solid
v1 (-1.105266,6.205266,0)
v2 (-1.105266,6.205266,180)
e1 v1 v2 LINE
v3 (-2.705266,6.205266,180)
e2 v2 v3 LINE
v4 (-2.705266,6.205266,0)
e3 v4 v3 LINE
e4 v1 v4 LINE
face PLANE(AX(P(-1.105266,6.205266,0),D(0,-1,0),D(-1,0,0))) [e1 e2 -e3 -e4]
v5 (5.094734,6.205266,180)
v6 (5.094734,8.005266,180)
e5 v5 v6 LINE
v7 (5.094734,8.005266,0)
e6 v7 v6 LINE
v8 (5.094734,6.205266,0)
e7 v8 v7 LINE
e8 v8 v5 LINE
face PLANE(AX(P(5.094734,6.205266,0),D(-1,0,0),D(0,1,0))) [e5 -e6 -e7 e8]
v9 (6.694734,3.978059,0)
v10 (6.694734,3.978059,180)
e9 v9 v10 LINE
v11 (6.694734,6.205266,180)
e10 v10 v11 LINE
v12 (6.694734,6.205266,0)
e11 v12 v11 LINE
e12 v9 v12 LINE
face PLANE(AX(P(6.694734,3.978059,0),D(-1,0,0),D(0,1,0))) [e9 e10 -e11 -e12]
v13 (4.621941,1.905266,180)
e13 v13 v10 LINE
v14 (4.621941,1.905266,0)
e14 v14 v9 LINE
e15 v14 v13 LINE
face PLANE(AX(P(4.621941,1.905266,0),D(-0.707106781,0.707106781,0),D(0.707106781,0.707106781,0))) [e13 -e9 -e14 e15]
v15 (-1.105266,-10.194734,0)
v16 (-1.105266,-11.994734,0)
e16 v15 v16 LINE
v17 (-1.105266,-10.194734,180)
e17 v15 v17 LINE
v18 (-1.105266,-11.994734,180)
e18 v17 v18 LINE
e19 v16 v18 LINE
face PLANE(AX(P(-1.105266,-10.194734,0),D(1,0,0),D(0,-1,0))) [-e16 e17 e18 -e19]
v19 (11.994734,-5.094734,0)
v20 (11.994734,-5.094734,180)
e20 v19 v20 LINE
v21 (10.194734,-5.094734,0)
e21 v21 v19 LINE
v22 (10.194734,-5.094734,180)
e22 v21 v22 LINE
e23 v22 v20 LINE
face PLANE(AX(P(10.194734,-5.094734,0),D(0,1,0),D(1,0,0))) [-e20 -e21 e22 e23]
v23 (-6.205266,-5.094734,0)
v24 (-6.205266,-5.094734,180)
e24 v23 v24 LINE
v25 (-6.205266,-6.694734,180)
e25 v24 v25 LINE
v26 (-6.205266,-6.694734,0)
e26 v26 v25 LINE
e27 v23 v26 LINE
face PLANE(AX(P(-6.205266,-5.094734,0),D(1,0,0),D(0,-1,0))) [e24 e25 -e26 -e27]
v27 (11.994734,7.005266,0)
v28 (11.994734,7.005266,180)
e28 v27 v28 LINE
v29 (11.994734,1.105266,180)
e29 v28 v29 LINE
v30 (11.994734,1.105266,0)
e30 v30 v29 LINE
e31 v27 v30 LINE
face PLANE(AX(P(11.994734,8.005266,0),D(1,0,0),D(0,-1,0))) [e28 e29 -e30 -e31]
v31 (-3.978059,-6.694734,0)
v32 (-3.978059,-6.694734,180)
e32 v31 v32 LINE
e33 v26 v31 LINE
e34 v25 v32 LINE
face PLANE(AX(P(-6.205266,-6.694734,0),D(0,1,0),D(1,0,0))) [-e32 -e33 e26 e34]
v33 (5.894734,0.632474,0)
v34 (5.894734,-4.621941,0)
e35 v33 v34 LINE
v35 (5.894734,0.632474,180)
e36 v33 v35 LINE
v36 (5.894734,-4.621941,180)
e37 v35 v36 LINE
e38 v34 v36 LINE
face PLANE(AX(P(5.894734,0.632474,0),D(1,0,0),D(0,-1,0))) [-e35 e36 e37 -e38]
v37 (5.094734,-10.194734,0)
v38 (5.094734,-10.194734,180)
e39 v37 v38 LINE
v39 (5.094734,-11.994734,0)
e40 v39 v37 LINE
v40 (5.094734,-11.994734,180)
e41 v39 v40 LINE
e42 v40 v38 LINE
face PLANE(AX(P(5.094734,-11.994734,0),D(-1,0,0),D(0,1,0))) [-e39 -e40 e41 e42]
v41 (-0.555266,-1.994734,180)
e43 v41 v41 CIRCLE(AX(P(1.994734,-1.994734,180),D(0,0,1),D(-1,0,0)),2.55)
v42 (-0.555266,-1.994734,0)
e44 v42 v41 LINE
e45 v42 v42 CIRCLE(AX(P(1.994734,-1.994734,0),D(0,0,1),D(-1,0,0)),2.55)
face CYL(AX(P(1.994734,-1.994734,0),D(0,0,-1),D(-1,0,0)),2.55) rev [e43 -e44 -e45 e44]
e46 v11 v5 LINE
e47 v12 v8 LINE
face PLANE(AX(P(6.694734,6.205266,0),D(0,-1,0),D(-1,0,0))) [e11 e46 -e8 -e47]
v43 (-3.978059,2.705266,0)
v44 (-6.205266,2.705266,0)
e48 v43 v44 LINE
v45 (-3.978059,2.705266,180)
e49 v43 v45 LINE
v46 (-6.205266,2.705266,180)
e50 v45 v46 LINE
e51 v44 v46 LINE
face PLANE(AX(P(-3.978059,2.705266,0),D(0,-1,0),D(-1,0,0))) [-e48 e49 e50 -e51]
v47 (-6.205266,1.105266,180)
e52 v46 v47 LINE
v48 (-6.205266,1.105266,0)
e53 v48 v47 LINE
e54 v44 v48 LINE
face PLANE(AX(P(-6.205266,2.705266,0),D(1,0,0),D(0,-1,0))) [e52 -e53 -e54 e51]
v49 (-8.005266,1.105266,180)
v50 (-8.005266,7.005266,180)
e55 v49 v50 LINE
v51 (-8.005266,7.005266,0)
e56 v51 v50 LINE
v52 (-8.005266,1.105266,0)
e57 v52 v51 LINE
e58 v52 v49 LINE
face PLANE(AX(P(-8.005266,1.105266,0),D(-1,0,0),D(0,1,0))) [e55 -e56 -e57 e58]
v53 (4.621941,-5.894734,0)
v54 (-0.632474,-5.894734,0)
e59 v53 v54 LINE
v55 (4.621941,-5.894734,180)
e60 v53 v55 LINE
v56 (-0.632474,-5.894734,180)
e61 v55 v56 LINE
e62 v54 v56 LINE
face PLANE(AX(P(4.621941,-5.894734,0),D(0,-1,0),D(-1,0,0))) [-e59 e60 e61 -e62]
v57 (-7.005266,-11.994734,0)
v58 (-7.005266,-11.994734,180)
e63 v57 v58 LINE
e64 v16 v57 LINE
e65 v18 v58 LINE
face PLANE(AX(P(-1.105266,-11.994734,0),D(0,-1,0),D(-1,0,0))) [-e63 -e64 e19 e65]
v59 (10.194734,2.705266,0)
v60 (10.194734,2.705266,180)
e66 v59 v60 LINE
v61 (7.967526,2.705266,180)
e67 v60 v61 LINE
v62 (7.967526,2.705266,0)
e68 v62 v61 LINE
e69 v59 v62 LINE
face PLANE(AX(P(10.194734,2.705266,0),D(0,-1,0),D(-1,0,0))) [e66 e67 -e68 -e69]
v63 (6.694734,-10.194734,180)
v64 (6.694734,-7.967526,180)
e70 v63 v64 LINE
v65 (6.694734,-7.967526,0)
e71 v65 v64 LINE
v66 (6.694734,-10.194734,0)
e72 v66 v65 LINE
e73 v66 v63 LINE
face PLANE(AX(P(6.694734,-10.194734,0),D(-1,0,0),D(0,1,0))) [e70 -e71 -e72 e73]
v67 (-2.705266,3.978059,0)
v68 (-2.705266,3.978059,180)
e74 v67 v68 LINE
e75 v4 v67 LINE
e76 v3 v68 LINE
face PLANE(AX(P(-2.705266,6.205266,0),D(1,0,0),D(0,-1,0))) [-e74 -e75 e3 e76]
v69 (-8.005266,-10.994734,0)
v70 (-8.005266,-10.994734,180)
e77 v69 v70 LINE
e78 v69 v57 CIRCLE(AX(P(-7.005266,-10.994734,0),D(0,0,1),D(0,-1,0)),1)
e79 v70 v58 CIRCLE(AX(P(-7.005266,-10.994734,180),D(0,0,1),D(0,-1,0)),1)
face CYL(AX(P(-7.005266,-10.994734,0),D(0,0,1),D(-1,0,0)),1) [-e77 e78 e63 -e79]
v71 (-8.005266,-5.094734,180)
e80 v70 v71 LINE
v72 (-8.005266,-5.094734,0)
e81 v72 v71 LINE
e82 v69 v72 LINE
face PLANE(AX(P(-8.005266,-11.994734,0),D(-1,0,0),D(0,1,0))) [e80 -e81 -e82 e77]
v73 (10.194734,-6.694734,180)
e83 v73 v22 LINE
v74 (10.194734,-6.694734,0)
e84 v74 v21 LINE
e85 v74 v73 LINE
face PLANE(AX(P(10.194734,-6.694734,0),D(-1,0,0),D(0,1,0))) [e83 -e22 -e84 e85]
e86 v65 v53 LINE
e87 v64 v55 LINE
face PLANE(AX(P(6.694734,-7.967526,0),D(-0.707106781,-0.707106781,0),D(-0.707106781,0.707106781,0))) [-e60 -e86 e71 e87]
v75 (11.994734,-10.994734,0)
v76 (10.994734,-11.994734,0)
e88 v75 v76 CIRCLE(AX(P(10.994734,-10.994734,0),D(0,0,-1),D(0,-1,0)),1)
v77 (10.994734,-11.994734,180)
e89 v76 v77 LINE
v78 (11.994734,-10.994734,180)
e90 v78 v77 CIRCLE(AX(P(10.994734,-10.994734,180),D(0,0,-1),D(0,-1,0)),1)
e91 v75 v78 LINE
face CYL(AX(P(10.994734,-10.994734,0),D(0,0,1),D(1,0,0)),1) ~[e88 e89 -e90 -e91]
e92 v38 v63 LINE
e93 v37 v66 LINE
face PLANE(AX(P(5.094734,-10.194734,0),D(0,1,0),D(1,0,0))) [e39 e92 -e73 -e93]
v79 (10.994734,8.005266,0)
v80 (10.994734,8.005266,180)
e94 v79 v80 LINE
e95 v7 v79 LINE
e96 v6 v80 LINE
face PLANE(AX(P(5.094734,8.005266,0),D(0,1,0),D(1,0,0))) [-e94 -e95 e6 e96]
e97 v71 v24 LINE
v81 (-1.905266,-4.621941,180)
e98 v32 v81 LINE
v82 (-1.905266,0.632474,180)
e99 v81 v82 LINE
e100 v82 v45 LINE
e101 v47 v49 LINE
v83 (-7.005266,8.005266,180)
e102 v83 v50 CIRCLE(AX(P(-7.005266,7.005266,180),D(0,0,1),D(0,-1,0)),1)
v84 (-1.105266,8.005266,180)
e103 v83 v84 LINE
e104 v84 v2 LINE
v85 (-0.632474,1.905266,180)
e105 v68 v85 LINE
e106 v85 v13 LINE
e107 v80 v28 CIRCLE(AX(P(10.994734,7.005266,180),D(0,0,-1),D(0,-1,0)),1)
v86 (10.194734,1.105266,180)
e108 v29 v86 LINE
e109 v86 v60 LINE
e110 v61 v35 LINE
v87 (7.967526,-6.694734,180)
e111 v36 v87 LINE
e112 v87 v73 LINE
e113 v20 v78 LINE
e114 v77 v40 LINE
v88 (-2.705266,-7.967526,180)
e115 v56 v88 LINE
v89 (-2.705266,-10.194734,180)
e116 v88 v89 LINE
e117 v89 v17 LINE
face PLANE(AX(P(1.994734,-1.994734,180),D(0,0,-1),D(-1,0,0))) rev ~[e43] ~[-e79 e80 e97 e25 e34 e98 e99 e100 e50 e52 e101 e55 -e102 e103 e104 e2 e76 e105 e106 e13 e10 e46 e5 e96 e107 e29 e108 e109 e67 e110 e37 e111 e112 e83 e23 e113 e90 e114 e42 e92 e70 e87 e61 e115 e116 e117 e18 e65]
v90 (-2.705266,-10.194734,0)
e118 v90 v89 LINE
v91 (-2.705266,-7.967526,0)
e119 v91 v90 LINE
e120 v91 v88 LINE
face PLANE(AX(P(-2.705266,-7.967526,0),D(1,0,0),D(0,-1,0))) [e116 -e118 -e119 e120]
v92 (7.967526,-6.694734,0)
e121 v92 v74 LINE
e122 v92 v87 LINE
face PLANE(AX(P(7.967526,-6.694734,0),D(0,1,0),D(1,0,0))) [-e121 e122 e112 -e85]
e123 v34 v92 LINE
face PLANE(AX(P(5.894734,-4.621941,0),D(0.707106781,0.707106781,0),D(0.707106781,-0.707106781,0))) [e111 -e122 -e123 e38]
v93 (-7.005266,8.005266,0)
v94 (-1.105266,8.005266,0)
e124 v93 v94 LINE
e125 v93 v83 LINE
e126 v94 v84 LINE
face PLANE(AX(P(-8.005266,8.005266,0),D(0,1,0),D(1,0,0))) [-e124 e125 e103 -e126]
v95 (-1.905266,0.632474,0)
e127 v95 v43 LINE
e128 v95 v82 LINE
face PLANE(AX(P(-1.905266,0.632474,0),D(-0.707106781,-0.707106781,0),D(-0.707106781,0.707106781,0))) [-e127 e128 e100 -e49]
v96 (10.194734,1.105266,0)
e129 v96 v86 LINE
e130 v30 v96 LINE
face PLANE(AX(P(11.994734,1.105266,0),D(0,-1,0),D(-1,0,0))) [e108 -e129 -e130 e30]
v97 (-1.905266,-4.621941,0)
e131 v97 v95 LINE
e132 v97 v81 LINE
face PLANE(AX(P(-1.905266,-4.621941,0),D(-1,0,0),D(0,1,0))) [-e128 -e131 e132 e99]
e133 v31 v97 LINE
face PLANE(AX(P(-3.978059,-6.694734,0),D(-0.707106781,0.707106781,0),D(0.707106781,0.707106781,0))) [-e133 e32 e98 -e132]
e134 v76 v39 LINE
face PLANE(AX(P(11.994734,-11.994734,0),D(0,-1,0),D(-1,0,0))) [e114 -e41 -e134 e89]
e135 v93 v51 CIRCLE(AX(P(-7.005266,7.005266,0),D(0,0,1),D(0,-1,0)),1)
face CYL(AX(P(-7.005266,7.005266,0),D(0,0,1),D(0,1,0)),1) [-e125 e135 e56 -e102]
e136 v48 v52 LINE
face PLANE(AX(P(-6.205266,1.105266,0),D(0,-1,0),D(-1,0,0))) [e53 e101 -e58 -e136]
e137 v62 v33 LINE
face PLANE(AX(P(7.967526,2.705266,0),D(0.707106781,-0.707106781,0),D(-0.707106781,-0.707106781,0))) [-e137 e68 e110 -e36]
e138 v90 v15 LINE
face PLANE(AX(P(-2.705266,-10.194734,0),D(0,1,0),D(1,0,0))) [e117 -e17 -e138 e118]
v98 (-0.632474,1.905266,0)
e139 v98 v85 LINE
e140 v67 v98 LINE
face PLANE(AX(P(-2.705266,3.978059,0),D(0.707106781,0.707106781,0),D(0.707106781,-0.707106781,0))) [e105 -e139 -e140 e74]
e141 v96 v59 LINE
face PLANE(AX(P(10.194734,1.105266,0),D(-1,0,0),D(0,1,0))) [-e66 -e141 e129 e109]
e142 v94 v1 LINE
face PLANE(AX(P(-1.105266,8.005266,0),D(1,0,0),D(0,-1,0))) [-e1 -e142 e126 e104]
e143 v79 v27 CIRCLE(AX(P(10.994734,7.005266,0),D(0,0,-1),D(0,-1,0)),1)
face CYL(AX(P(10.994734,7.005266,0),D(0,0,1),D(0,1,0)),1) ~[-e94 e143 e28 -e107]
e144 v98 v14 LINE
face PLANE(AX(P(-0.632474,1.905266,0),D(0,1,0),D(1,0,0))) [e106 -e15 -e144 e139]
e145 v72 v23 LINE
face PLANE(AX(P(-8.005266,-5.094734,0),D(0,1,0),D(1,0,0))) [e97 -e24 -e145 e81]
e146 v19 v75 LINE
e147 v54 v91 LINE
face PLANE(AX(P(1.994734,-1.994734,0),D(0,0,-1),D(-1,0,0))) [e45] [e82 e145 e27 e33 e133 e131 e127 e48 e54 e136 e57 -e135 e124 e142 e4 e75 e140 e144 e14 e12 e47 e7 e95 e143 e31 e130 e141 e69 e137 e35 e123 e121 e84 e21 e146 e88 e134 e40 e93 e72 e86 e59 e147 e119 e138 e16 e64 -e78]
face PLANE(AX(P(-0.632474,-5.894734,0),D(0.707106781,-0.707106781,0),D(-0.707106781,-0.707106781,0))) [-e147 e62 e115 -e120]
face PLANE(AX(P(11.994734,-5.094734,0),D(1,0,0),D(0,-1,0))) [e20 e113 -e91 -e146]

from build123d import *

# Parameters (mm, degrees)
SKETCH_1_R      = 2.55
EXTRUDE_1_DEPTH = 180
FILLET_1_R      = 1


with BuildPart() as part:
    # 草图1 → 凸台-拉伸1 (new body)
    with BuildSketch(Plane.XY):
        Polygon((4.62194142, 1.905266374), (6.694733626, 3.97805858), (6.694733626, 6.205266374), (5.094733626, 6.205266374), (5.094733626, 8.005266374), (11.994733626, 8.005266374), (11.994733626, 1.105266374), (10.194733626, 1.105266374), (10.194733626, 2.705266374), (7.967525833, 2.705266374), (5.894733626, 0.632474167), (5.894733626, -4.62194142), (7.967525833, -6.694733626), (10.194733626, -6.694733626), (10.194733626, -5.094733626), (11.994733626, -5.094733626), (11.994733626, -11.994733626), (5.094733626, -11.994733626), (5.094733626, -10.194733626), (6.694733626, -10.194733626), (6.694733626, -7.967525833), (4.62194142, -5.894733626), (-0.632474167, -5.894733626), (-2.705266374, -7.967525833), (-2.705266374, -10.194733626), (-1.105266374, -10.194733626), (-1.105266374, -11.994733626), (-8.005266374, -11.994733626), (-8.005266374, -5.094733626), (-6.205266374, -5.094733626), (-6.205266374, -6.694733626), (-3.97805858, -6.694733626), (-1.905266374, -4.62194142), (-1.905266374, 0.632474167), (-3.97805858, 2.705266374), (-6.205266374, 2.705266374), (-6.205266374, 1.105266374), (-8.005266374, 1.105266374), (-8.005266374, 8.005266374), (-1.105266374, 8.005266374), (-1.105266374, 6.205266374), (-2.705266374, 6.205266374), (-2.705266374, 3.97805858), (-0.632474167, 1.905266374), align=None)
        with Locations(Location((1.994733626, -1.994733626, 0), (0, 0, 180))):
            Circle(SKETCH_1_R, mode=Mode.SUBTRACT)
    extrude(amount=EXTRUDE_1_DEPTH)

    # 圆角1
    fillet_1_edges = [part.edges().sort_by_distance(p)[0] for p in [
        (-8.005266374, -11.994733626, 90),
        (-8.005266374, 8.005266374, 90),
        (11.994733626, 8.005266374, 90),
        (11.994733626, -11.994733626, 90),
    ]]
    fillet(fillet_1_edges, radius=FILLET_1_R)


solid = part.part
